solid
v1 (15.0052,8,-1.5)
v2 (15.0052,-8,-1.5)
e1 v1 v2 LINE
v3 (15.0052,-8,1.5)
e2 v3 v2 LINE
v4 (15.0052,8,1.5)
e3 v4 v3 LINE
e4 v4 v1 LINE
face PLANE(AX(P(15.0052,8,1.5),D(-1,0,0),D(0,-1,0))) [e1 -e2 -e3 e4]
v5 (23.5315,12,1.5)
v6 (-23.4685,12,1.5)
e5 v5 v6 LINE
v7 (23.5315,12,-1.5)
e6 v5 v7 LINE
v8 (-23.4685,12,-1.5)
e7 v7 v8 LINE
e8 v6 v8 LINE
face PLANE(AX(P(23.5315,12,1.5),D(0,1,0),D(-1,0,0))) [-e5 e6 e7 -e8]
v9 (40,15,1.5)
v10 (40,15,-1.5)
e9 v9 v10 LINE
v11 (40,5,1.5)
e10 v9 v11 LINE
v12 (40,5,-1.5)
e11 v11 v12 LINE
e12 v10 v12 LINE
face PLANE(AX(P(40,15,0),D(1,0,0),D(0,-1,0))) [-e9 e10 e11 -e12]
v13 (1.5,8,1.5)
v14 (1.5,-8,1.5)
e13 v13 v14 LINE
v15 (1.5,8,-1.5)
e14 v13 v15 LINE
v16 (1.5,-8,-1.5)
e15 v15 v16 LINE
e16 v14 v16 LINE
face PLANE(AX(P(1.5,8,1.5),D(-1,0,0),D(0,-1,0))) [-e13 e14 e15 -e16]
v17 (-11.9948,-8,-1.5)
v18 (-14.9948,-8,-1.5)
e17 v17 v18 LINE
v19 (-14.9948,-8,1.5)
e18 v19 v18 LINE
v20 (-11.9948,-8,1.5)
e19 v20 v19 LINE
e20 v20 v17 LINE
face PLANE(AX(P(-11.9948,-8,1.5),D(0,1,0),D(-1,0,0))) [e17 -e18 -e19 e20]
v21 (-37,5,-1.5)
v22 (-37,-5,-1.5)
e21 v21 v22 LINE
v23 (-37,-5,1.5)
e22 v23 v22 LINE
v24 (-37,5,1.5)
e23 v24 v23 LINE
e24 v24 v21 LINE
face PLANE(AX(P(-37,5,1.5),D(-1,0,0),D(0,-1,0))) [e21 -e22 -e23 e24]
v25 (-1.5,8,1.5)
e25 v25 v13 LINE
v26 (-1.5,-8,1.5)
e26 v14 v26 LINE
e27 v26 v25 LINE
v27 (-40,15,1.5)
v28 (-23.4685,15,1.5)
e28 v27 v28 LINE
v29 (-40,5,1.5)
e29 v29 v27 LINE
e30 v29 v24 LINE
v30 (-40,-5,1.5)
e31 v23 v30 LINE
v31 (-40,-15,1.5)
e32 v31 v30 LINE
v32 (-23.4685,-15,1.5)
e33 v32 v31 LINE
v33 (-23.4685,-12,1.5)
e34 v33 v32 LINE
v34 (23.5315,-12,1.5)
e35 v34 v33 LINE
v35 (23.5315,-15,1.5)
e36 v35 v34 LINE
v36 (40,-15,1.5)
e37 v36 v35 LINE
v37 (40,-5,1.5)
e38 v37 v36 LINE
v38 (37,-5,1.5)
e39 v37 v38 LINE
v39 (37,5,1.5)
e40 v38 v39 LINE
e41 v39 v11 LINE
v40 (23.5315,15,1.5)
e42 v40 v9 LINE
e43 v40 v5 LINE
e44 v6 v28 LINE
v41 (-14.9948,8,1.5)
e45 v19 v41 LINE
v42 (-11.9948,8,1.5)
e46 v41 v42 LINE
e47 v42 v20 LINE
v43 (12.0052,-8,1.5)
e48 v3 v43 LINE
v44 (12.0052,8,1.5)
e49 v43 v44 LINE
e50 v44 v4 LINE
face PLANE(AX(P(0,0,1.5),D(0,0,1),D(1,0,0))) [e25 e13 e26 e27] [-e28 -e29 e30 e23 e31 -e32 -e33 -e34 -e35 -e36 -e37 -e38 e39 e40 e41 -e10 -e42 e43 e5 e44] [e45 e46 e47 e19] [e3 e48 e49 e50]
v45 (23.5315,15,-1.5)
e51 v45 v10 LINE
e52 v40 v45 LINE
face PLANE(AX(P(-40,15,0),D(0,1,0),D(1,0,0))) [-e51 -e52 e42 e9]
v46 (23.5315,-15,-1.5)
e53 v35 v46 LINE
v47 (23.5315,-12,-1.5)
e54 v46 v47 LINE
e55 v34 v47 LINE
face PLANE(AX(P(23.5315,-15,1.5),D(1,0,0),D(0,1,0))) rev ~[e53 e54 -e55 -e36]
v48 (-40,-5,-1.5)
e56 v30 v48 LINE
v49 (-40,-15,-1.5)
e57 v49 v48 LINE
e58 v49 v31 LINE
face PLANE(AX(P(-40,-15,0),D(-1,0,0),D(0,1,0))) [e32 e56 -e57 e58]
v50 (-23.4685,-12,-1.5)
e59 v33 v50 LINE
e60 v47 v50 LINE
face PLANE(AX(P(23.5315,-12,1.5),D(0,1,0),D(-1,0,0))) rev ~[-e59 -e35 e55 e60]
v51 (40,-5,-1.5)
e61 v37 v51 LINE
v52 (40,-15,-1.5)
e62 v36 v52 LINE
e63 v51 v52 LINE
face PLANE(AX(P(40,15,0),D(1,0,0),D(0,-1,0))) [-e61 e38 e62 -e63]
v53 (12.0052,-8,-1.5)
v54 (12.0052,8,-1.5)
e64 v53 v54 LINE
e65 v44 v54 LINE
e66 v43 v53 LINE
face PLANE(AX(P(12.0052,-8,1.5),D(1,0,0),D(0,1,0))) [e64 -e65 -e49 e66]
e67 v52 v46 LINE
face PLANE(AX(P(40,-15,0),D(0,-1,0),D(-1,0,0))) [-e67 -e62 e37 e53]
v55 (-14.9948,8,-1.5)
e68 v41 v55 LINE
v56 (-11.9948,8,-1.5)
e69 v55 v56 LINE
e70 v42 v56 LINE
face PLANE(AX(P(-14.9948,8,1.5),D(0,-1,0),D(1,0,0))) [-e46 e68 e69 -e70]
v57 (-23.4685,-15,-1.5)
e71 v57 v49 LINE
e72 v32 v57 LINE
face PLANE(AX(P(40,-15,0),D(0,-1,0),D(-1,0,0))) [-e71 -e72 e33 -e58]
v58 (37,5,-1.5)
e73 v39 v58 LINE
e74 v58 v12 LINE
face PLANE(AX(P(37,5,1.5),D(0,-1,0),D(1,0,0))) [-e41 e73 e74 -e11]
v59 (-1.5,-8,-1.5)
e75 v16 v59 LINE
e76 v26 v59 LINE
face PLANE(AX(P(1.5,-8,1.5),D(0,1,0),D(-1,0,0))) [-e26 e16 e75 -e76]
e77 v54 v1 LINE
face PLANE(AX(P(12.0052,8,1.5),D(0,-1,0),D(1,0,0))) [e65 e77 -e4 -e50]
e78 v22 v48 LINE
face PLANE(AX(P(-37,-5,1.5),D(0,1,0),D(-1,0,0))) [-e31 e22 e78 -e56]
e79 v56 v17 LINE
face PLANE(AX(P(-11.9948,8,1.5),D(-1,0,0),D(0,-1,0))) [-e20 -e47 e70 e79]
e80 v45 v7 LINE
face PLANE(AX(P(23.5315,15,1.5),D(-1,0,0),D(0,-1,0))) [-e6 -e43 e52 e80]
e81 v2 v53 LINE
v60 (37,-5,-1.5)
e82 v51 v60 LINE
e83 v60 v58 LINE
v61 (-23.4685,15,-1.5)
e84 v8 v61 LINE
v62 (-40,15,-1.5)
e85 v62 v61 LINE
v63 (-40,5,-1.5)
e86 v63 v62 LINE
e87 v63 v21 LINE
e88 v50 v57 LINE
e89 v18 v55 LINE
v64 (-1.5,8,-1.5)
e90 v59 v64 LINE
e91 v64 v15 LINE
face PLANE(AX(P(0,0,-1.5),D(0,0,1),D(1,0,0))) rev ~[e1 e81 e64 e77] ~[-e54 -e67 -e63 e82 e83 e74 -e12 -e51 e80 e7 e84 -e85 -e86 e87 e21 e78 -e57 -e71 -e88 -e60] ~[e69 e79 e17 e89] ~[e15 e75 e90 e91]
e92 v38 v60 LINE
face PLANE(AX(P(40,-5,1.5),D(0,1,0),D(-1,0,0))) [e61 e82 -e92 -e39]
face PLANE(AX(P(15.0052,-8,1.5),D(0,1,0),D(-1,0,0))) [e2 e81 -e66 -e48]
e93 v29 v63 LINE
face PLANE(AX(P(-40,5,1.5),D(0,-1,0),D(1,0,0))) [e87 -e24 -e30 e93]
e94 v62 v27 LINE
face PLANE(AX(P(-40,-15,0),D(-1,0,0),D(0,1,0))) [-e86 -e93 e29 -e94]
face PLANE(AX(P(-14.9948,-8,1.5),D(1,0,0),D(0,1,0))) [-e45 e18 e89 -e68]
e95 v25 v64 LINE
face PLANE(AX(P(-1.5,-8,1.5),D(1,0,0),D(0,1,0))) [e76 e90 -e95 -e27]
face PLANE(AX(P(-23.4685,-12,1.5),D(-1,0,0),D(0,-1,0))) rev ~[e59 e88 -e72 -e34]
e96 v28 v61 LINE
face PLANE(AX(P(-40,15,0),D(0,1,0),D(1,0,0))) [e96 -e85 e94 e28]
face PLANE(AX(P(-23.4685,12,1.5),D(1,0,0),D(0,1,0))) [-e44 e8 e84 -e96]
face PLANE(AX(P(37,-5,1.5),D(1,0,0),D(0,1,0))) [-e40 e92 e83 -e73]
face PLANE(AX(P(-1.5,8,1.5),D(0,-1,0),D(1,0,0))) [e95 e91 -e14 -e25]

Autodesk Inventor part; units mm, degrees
ref_plane "YZ Plane" through (0, 0, 0) normal (1, 0, 0) x (0, 1, 0)
ref_plane "XZ Plane" through (0, 0, 0) normal (0, 1, 0) x (-1, 0, 0)
ref_plane "XY Plane" through (0, 0, 0) normal (0, 0, 1) x (1, 0, 0)
sketch "Sketch1" plane through (0, 0, 0) normal (0, 0, 1) x (1, 0, 0)
  line L0 (-40, 15) -> (40, 15)
  line L1 (40, 15) -> (40, -15)
  line L2 (40, -15) -> (-40, -15)
  line L3 (-40, -15) -> (-40, 15)
  line L4 (-40, 15) -> (40, -15) construction
  line L5 (40, 15) -> (-40, -15) construction
  point P0 (0, 0)
  dimension "d0" = 80
  dimension "d1" = 30
extrude "Extrusion1" add sketch "Sketch1" along normal mid plane 3
sketch "Sketch3" plane through (0, 0, 1.5) normal (0, 0, 1) x (1, 0, 0)
  line L0 (23.5315, 18) -> (23.5315, 15) projected
  line L1 (-23.4685, 18) -> (-23.4685, 15) projected
  line L2 (-23.4685, 15) -> (23.5315, 15)
  line L3 (23.5315, 15) -> (23.5315, 12)
  line L4 (23.5315, 12) -> (-23.4685, 12)
  line L5 (-23.4685, 12) -> (-23.4685, 15)
  line L6 (-40, 15) -> (-40, -15) projected
  line L7 (-40, 5) -> (-37, 5)
  line L8 (-37, 5) -> (-37, -5)
  line L9 (-37, -5) -> (-40, -5)
  line L10 (-40, -5) -> (-40, 5)
  line L11 (40, -15) -> (40, 15) projected
  line L12 (40, -5) -> (37, -5)
  line L13 (37, -5) -> (37, 5)
  line L14 (37, 5) -> (40, 5)
  line L15 (40, 5) -> (40, -5)
  line L16 (-40, -15) -> (40, -15) projected
  line L17 (40, 15) -> (-40, 15) projected
  line L18 (-23.4685, -15) -> (23.5315, -15)
  line L19 (23.5315, -15) -> (23.5315, -12)
  line L20 (23.5315, -12) -> (-23.4685, -12)
  line L21 (-23.4685, -12) -> (-23.4685, -15)
  line L22 (-14.9948, 8) -> (-11.9948, 8)
  line L23 (-11.9948, 8) -> (-11.9948, -8)
  line L24 (-11.9948, -8) -> (-14.9948, -8)
  line L25 (-14.9948, -8) -> (-14.9948, 8)
  line L26 (1.5, 8) -> (1.5, -8)
  line L27 (1.5, -8) -> (-1.5, -8)
  line L28 (-1.5, -8) -> (-1.5, 8)
  line L29 (-1.5, 8) -> (1.5, 8)
  line L30 (12.0052, 8) -> (15.0052, 8)
  line L31 (15.0052, 8) -> (15.0052, -8)
  line L32 (15.0052, -8) -> (12.0052, -8)
  line L33 (12.0052, -8) -> (12.0052, 8)
  dimension "d27" = 3
  dimension "d28" = 3
  dimension "d29" = 3
  dimension "d30" = 30
  dimension "d31" = 10
  dimension "d32" = 10
  dimension "d41" = 3
extrude "Extrusion3" cut sketch "Sketch3" against normal blind 3 contours L2 L3 L4 L5 | L7 L8 L9 L6 | L11 L12 L13 L14 | L21 L20 L19 L16 | L22 L23 L24 L25 | L26 L27 L28 L29 | L30 L31 L32 L33
equation "\"d31\" = 0.333333 * d30"
equation "\"d32\" = d31"
properties part number "Camera-Holder_Bearing-Side"
